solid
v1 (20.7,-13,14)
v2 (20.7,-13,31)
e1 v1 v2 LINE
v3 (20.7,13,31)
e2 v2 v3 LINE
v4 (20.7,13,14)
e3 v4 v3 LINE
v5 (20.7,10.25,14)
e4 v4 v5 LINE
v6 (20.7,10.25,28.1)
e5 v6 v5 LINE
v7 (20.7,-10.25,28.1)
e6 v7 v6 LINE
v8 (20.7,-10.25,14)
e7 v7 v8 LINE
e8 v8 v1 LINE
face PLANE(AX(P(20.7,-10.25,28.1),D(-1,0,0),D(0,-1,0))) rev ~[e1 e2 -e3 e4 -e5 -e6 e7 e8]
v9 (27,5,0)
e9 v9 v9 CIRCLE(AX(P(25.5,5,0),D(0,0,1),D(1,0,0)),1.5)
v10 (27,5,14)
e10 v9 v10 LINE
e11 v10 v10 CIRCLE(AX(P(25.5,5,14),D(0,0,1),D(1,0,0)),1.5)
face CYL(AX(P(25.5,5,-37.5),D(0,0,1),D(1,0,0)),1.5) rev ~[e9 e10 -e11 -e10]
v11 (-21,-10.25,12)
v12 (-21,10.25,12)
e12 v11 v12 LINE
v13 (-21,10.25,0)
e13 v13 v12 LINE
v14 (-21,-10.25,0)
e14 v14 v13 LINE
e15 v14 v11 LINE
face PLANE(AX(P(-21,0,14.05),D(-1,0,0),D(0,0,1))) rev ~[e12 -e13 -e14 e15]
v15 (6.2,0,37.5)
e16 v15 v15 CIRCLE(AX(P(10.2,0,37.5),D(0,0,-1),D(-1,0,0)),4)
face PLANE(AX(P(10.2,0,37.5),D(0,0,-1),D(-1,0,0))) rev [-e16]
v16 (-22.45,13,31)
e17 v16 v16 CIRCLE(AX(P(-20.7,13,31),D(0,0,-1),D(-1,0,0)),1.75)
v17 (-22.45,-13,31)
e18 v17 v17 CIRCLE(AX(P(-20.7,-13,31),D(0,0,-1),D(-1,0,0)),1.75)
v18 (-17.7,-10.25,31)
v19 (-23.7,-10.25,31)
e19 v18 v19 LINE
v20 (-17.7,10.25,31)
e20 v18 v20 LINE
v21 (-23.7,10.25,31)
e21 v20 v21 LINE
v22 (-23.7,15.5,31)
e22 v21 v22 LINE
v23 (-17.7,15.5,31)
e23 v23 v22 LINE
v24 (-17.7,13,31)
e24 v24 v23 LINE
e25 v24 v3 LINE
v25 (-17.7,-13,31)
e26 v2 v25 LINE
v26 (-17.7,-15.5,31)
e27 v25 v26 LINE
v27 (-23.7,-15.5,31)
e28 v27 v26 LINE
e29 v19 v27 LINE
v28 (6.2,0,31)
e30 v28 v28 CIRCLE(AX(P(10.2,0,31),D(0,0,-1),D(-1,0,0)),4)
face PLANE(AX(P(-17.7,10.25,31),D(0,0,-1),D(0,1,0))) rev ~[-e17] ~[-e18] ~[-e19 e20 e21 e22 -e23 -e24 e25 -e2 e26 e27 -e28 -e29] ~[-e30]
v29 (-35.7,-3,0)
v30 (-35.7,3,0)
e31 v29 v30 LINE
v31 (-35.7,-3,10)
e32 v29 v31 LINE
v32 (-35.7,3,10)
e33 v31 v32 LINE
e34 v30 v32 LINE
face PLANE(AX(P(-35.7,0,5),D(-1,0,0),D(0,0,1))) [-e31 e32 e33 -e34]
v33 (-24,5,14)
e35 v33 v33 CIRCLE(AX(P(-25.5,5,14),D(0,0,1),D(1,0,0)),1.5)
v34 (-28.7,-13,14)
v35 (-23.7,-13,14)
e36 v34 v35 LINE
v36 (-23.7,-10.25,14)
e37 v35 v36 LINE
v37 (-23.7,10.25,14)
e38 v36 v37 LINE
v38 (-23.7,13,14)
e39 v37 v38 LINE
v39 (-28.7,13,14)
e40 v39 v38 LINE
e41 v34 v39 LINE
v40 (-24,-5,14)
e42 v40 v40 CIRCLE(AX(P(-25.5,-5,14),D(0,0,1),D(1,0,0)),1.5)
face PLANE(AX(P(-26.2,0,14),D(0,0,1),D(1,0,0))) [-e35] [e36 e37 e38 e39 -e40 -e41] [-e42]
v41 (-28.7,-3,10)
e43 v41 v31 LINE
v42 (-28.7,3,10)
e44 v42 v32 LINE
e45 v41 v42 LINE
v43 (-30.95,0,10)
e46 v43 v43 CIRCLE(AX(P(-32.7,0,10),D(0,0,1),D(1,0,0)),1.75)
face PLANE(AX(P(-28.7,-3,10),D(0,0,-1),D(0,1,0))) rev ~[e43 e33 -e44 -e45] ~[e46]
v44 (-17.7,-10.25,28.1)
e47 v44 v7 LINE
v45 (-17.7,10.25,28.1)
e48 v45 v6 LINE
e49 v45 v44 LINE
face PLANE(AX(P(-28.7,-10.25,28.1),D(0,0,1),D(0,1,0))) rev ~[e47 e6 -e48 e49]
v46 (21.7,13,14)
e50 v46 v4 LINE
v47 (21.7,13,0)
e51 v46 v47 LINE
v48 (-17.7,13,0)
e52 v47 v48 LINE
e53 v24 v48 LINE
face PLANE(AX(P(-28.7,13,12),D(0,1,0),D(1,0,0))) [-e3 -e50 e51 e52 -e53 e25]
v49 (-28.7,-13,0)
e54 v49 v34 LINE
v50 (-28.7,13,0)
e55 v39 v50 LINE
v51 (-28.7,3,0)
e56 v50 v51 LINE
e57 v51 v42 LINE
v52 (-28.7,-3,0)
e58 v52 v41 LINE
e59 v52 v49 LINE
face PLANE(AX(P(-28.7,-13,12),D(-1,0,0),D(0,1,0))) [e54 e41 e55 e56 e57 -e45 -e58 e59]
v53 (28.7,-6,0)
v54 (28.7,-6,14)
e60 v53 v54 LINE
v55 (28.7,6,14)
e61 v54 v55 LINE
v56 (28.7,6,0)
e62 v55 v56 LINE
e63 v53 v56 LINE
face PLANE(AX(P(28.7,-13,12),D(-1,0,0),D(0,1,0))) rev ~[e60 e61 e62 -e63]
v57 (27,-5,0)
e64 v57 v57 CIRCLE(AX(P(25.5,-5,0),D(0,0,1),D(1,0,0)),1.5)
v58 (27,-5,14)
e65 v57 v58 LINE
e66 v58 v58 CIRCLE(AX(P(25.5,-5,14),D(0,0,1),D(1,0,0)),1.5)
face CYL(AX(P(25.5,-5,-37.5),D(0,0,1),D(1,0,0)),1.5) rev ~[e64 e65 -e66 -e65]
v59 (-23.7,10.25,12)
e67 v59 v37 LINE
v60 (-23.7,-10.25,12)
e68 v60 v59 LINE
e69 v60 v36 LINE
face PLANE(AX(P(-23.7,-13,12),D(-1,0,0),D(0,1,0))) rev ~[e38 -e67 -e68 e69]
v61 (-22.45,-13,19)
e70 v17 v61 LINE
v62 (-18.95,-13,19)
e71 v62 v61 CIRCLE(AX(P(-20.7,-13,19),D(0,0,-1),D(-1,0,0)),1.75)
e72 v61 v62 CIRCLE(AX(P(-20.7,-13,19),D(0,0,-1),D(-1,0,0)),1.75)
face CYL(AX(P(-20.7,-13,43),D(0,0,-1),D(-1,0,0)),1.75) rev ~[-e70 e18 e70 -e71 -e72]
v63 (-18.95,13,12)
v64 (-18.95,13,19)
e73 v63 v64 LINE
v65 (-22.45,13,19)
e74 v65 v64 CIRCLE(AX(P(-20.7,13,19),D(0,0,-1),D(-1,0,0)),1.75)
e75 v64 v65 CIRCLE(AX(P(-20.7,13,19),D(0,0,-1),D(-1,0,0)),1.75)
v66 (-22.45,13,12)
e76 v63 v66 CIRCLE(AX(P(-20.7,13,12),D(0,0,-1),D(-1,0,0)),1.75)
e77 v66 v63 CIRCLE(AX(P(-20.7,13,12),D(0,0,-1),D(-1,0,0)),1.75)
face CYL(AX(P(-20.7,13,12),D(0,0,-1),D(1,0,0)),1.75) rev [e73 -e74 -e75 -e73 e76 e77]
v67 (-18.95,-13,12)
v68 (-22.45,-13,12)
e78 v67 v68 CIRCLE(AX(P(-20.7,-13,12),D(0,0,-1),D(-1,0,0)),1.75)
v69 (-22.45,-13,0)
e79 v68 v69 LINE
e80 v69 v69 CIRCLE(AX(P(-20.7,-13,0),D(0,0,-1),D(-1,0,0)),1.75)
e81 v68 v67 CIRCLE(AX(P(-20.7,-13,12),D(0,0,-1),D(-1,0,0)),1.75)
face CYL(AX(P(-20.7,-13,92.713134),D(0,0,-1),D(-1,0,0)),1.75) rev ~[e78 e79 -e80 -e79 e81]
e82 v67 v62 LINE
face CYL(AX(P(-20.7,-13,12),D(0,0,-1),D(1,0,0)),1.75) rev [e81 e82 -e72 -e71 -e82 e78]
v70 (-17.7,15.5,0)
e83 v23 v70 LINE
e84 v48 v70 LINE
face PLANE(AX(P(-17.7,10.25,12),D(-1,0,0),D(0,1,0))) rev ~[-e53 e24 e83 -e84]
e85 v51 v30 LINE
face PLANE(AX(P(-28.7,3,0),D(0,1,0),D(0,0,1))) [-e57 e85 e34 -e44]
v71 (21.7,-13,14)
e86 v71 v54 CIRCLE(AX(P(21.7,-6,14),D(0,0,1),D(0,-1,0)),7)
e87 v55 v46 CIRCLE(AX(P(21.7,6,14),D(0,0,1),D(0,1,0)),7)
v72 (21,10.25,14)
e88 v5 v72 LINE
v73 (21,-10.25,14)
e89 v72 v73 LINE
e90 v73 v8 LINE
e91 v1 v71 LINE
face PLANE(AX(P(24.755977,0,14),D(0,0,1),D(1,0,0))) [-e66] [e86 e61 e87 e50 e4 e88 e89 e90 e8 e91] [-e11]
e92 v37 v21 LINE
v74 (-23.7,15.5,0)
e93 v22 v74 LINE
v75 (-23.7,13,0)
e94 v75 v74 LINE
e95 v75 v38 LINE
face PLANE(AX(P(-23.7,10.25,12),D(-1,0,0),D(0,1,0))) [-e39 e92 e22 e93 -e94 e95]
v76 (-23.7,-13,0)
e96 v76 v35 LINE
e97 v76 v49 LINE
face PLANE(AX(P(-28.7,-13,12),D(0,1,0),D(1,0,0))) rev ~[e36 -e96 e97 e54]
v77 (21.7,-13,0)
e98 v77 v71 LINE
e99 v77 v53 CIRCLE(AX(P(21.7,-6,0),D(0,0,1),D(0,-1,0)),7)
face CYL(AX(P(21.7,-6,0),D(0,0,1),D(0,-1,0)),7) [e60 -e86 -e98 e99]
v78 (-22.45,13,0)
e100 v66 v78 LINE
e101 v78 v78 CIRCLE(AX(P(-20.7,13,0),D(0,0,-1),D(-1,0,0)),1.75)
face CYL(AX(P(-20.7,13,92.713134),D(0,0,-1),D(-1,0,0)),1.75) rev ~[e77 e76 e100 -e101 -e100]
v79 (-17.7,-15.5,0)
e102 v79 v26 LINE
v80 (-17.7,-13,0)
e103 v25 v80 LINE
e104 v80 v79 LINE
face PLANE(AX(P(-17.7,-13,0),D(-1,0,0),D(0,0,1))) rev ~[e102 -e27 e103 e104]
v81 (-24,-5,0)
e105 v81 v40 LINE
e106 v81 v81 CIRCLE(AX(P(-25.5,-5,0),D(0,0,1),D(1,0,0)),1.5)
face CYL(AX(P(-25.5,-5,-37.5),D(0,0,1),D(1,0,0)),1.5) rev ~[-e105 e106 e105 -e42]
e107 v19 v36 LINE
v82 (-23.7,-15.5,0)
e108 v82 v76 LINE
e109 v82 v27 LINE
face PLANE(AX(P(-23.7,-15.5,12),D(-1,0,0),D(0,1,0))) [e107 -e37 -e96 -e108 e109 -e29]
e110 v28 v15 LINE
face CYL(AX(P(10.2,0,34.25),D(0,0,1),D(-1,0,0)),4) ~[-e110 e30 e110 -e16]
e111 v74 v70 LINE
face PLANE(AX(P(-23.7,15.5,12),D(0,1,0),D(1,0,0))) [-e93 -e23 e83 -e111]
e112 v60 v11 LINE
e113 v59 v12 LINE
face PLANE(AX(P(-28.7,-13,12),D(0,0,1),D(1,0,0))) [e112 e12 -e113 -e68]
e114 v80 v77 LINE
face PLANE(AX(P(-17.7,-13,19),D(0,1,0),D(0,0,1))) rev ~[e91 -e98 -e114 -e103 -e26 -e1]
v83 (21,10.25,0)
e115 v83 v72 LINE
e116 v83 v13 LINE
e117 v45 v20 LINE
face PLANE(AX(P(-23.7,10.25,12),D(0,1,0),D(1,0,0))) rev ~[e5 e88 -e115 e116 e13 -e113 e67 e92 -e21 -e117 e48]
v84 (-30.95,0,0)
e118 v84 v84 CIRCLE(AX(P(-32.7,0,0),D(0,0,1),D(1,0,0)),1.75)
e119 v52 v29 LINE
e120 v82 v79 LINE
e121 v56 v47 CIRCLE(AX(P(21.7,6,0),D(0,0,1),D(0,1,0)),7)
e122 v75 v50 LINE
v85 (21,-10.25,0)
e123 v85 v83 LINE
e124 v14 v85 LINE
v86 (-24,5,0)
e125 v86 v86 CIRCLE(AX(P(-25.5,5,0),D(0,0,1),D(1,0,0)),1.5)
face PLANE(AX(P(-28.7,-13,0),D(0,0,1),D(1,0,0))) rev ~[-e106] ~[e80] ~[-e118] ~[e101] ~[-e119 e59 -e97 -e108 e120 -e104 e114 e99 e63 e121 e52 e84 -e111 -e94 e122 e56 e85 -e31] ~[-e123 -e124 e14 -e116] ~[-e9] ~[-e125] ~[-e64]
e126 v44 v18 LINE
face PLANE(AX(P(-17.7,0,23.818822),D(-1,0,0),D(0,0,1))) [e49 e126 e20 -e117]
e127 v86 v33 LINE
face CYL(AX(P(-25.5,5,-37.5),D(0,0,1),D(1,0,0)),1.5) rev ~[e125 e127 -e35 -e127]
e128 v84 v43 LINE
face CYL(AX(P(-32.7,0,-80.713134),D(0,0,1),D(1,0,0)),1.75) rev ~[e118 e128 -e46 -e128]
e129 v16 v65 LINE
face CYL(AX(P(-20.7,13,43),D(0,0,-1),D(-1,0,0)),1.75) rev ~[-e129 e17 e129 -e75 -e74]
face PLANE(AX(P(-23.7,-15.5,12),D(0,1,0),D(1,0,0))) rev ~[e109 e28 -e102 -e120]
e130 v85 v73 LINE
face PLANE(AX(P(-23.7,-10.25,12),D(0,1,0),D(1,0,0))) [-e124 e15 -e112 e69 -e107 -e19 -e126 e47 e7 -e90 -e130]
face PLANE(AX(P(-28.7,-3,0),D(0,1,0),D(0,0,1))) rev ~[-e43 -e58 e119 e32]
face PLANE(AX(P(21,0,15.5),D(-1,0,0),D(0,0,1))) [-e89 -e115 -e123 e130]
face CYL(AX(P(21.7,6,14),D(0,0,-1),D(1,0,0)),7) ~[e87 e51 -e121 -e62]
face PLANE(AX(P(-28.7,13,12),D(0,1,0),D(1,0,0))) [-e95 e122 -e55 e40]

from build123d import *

# Parameters (mm, degrees)
SKETCH_1_W                  = 57.4
SKETCH_1_H                  = 28.5
EXTRUDE_1_DEPTH             = 12
SKETCH_2_W                  = 57.4
SKETCH_2_H                  = 26
EXTRUDE_2_DEPTH             = 19
SKETCH_3_W                  = 16.1
SKETCH_3_H                  = 20.5
CUT_EXTRUDE_1_DEPTH         = 7.7
SKETCH_4_W                  = 28.1
SKETCH_4_H                  = 20.5
CUT_EXTRUDE_2_DEPTH         = 41.7
SKETCH_5_W                  = 31
SKETCH_5_H                  = 20.5
CUT_EXTRUDE_3_DEPTH         = 0.3
CUT_EXTRUDE_4_DEPTH         = 2.9
SKETCH_7_W                  = 12
SKETCH_7_H                  = 2.5
CUT_EXTRUDE_5_DEPTH         = 46.4
CUT_EXTRUDE_6_DEPTH         = 7.7
CUT_EXTRUDE_7_DEPTH         = 14.1
CUT_EXTRUDE_8_DEPTH         = 3.3
SKETCH_11_W                 = 11
SKETCH_11_H                 = 12
EXTRUDE_3_DEPTH             = 2.5
SKETCH_12_W                 = 12
SKETCH_12_H                 = 2.75
EXTRUDE_4_DEPTH             = 6
SKETCH_13_W                 = 6
SKETCH_13_H                 = 12
EXTRUDE_5_DEPTH             = 2.5
SKETCH_14_W                 = 12
SKETCH_14_H                 = 5.25
EXTRUDE_6_DEPTH             = 6
SKETCH_15_W                 = 5
SKETCH_15_H                 = 2.5
CUT_EXTRUDE_9_DEPTH         = 45.999333328
SKETCH_16_W                 = 5
SKETCH_16_H                 = 2.5
CUT_EXTRUDE_10_DEPTH        = 45.999333328
SKETCH_17_W                 = 5
SKETCH_17_H                 = 26
EXTRUDE_7_DEPTH             = 2
SKETCH_18_W                 = 10
SKETCH_18_H                 = 6
EXTRUDE_8_DEPTH             = 7
SKETCH_19_W                 = 4
SKETCH_19_H                 = 6.5
HOLE_WIZARD_3_5_3_5_1_D     = 3.5
HOLE_WIZARD_3_5_3_5_1_DEPTH = 12
HOLE_WIZARD_3_5_3_5_2_D     = 3.5
HOLE_WIZARD_3_0_3_3_D       = 3
HOLE_WIZARD_3_0_3_3_DEPTH   = 37.5
HOLE_WIZARD_3_5_3_5_3_D     = 3.5
FILLET_1_R                  = 7
EXTRUDE_START               = -19
SKETCH_28_W                 = 6
SKETCH_28_H                 = 5.25
SKETCH_28_R                 = 1.75
EXTRUDE_9_DEPTH             = 7


with BuildPart() as part:
    # Эскиз1 → Бобышка-Вытянуть1 (new body)
    with BuildSketch(Plane.XY.offset(12)):
        with Locations((0, 1.25)):
            Rectangle(SKETCH_1_W, SKETCH_1_H)
    extrude(amount=-EXTRUDE_1_DEPTH)

    # Эскиз2 → Бобышка-Вытянуть2 (add)
    with BuildSketch(Plane.XY.offset(12)):
        Rectangle(SKETCH_2_W, SKETCH_2_H)
    extrude(amount=EXTRUDE_2_DEPTH)

    # Эскиз3 → Вырез-Вытянуть1 (cut)
    with BuildSketch(Plane.ZY.offset(28.7)):
        with Locations((20.05, 0)):
            Rectangle(SKETCH_3_W, SKETCH_3_H)
    extrude(amount=-CUT_EXTRUDE_1_DEPTH, mode=Mode.SUBTRACT)

    # Эскиз4 → Вырез-Вытянуть2 (cut)
    with BuildSketch(Plane.ZY.offset(21)):
        with Locations((14.05, 0)):
            Rectangle(SKETCH_4_W, SKETCH_4_H)
    extrude(amount=-CUT_EXTRUDE_2_DEPTH, mode=Mode.SUBTRACT)

    # Эскиз5 → Вырез-Вытянуть3 (cut)
    with BuildSketch(Plane.ZY.offset(-20.7)):
        with Locations((15.5, 0)):
            Rectangle(SKETCH_5_W, SKETCH_5_H)
    extrude(amount=-CUT_EXTRUDE_3_DEPTH, mode=Mode.SUBTRACT)

    # Эскиз6 → Вырез-Вытянуть4 (cut)
    with BuildSketch(Plane.XY.offset(31)):
        Polygon((28.7, -13), (28.7, 13), (20.7, 13), (20.7, 10.25), (21, 10.25), (21, -10.25), (20.7, -10.25), (20.7, -13), align=None)
    extrude(amount=-CUT_EXTRUDE_4_DEPTH, mode=Mode.SUBTRACT)

    # Эскиз7 → Вырез-Вытянуть5 (cut)
    with BuildSketch(Plane(origin=(28.7, 0, 0), x_dir=(0, 0, -1), z_dir=(1, 0, 0))):
        with Locations((-6, 14.25)):
            Rectangle(SKETCH_7_W, SKETCH_7_H)
    extrude(amount=-CUT_EXTRUDE_5_DEPTH, mode=Mode.SUBTRACT)

    # Эскиз8 → Вырез-Вытянуть6 (cut)
    with BuildSketch(Plane.ZY.offset(28.7)):
        Polygon((12, -13), (31, -13), (31, 13), (12, 13), (12, 10.25), (28.1, 10.25), (28.1, -10.25), (12, -10.25), align=None)
    extrude(amount=-CUT_EXTRUDE_6_DEPTH, mode=Mode.SUBTRACT)

    # Эскиз9 → Вырез-Вытянуть7 (cut)
    with BuildSketch(Plane.XY.offset(28.1)):
        Polygon((28.7, -13), (28.7, 13), (20.7, 13), (20.7, 10.25), (21, 10.25), (21, -10.25), (20.7, -10.25), (20.7, -13), align=None)
    extrude(amount=-CUT_EXTRUDE_7_DEPTH, mode=Mode.SUBTRACT)

    # Эскиз10 → Вырез-Вытянуть8 (cut)
    with BuildSketch(Plane.ZY.offset(21)):
        Polygon((12, -13), (31, -13), (31, 13), (12, 13), (12, 10.25), (28.1, 10.25), (28.1, -10.25), (12, -10.25), align=None)
    extrude(amount=-CUT_EXTRUDE_8_DEPTH, mode=Mode.SUBTRACT)

    # Эскиз11 → Бобышка-Вытянуть3 (add)
    with BuildSketch(Plane.XZ.offset(13)):
        with Locations((-23.2, 6)):
            Rectangle(SKETCH_11_W, SKETCH_11_H)
    extrude(amount=EXTRUDE_3_DEPTH)

    # Эскиз12 → Бобышка-Вытянуть4 (add)
    with BuildSketch(Plane.ZY.offset(17.7)):
        with Locations((25, -11.625)):
            Rectangle(SKETCH_12_W, SKETCH_12_H)
    extrude(amount=EXTRUDE_4_DEPTH)

    # Эскиз13 → Бобышка-Вытянуть5 (add)
    with BuildSketch(Plane.XZ.offset(13)):
        with Locations((-20.7, 25)):
            Rectangle(SKETCH_13_W, SKETCH_13_H)
    extrude(amount=EXTRUDE_5_DEPTH)

    # Эскиз14 → Бобышка-Вытянуть6 (add)
    with BuildSketch(Plane.ZY.offset(17.7)):
        with Locations((25, 12.875)):
            Rectangle(SKETCH_14_W, SKETCH_14_H)
    extrude(amount=EXTRUDE_6_DEPTH)

    # Эскиз15 → Вырез-Вытянуть9 (cut, through all)
    with BuildSketch(Plane(origin=(0, 0, 0), x_dir=(-1, 0, 0), z_dir=(0, 0, -1))):
        with Locations((26.2, -14.25)):
            Rectangle(SKETCH_15_W, SKETCH_15_H)
    extrude(amount=-CUT_EXTRUDE_9_DEPTH, mode=Mode.SUBTRACT)

    # Эскиз16 → Вырез-Вытянуть10 (cut, through all)
    with BuildSketch(Plane(origin=(0, 0, 0), x_dir=(-1, 0, 0), z_dir=(0, 0, -1))):
        with Locations((26.2, 14.25)):
            Rectangle(SKETCH_16_W, SKETCH_16_H)
    extrude(amount=-CUT_EXTRUDE_10_DEPTH, mode=Mode.SUBTRACT)

    # Эскиз17 → Бобышка-Вытянуть7 (add)
    with BuildSketch(Plane.XY.offset(12)):
        with Locations((-26.2, 0)):
            Rectangle(SKETCH_17_W, SKETCH_17_H)
    extrude(amount=EXTRUDE_7_DEPTH)

    # Эскиз18 → Бобышка-Вытянуть8 (add)
    with BuildSketch(Plane.ZY.offset(28.7)):
        with Locations((5, 0)):
            Rectangle(SKETCH_18_W, SKETCH_18_H)
    extrude(amount=EXTRUDE_8_DEPTH)

    # Эскиз19 → Повернуть1 (revolve)
    with BuildSketch(Plane.XZ, mode=Mode.PRIVATE) as revolve_1_sk:
        with Locations((12.2, 34.25)):
            Rectangle(SKETCH_19_W, SKETCH_19_H)
    revolve(revolve_1_sk.sketch.rotate(Axis((10.2, 0, 37.5), (0, 0, -1)), 180), axis=Axis((10.2, 0, 37.5), (0, 0, -1)))

    # Диаметр отверстия Ø3.5 (3.5)1
    with Locations(Plane.XY.offset(31)):
        with Locations((-20.7, 13), (-20.7, -13)):
            Hole(HOLE_WIZARD_3_5_3_5_1_D / 2, depth=HOLE_WIZARD_3_5_3_5_1_DEPTH)

    # Диаметр отверстия Ø3.5 (3.5)2 (through all)
    with Locations(Plane(origin=(0, 0, 0), x_dir=(-1, 0, 0), z_dir=(0, 0, -1))):
        with Locations((32.7, 0)):
            Hole(HOLE_WIZARD_3_5_3_5_2_D / 2)

    # Диаметр отверстия Ø3.0 (3)3
    with Locations(Plane(origin=(0, 0, 0), x_dir=(-1, 0, 0), z_dir=(0, 0, -1))):
        with Locations((-25.5, -5), (-25.5, 5), (25.5, -5), (25.5, 5)):
            Hole(HOLE_WIZARD_3_0_3_3_D / 2, depth=HOLE_WIZARD_3_0_3_3_DEPTH)

    # Диаметр отверстия Ø3.5 (3.5)3 (through all)
    with Locations(Plane.XY.offset(12)):
        with Locations((-20.7, 13), (-20.7, -13)):
            Hole(HOLE_WIZARD_3_5_3_5_3_D / 2)

    # Скругление1
    fillet_1_edges = [part.edges().sort_by_distance(p)[0] for p in [
        (28.7, 13, 7),
        (28.7, -13, 7),
    ]]
    fillet(fillet_1_edges, radius=FILLET_1_R)

    # Эскиз28 → Бобышка-Вытянуть9 (add)
    # profile 1 of 2: a face of its own
    with BuildSketch(Plane.XY.offset(31).offset(EXTRUDE_START)):
        with Locations((-20.7, 12.875)):
            Rectangle(SKETCH_28_W, SKETCH_28_H)
        with Locations((-20.7, 13)):
            Circle(SKETCH_28_R, mode=Mode.SUBTRACT)
    # profile 2 of 2: a face of its own
    with BuildSketch(Plane.XY.offset(31).offset(EXTRUDE_START)):
        with Locations((-20.7, -12.875)):
            Rectangle(SKETCH_28_W, SKETCH_28_H)
        with Locations((-20.7, -13)):
            Circle(SKETCH_28_R, mode=Mode.SUBTRACT)
    extrude(amount=EXTRUDE_9_DEPTH)


solid = part.part
